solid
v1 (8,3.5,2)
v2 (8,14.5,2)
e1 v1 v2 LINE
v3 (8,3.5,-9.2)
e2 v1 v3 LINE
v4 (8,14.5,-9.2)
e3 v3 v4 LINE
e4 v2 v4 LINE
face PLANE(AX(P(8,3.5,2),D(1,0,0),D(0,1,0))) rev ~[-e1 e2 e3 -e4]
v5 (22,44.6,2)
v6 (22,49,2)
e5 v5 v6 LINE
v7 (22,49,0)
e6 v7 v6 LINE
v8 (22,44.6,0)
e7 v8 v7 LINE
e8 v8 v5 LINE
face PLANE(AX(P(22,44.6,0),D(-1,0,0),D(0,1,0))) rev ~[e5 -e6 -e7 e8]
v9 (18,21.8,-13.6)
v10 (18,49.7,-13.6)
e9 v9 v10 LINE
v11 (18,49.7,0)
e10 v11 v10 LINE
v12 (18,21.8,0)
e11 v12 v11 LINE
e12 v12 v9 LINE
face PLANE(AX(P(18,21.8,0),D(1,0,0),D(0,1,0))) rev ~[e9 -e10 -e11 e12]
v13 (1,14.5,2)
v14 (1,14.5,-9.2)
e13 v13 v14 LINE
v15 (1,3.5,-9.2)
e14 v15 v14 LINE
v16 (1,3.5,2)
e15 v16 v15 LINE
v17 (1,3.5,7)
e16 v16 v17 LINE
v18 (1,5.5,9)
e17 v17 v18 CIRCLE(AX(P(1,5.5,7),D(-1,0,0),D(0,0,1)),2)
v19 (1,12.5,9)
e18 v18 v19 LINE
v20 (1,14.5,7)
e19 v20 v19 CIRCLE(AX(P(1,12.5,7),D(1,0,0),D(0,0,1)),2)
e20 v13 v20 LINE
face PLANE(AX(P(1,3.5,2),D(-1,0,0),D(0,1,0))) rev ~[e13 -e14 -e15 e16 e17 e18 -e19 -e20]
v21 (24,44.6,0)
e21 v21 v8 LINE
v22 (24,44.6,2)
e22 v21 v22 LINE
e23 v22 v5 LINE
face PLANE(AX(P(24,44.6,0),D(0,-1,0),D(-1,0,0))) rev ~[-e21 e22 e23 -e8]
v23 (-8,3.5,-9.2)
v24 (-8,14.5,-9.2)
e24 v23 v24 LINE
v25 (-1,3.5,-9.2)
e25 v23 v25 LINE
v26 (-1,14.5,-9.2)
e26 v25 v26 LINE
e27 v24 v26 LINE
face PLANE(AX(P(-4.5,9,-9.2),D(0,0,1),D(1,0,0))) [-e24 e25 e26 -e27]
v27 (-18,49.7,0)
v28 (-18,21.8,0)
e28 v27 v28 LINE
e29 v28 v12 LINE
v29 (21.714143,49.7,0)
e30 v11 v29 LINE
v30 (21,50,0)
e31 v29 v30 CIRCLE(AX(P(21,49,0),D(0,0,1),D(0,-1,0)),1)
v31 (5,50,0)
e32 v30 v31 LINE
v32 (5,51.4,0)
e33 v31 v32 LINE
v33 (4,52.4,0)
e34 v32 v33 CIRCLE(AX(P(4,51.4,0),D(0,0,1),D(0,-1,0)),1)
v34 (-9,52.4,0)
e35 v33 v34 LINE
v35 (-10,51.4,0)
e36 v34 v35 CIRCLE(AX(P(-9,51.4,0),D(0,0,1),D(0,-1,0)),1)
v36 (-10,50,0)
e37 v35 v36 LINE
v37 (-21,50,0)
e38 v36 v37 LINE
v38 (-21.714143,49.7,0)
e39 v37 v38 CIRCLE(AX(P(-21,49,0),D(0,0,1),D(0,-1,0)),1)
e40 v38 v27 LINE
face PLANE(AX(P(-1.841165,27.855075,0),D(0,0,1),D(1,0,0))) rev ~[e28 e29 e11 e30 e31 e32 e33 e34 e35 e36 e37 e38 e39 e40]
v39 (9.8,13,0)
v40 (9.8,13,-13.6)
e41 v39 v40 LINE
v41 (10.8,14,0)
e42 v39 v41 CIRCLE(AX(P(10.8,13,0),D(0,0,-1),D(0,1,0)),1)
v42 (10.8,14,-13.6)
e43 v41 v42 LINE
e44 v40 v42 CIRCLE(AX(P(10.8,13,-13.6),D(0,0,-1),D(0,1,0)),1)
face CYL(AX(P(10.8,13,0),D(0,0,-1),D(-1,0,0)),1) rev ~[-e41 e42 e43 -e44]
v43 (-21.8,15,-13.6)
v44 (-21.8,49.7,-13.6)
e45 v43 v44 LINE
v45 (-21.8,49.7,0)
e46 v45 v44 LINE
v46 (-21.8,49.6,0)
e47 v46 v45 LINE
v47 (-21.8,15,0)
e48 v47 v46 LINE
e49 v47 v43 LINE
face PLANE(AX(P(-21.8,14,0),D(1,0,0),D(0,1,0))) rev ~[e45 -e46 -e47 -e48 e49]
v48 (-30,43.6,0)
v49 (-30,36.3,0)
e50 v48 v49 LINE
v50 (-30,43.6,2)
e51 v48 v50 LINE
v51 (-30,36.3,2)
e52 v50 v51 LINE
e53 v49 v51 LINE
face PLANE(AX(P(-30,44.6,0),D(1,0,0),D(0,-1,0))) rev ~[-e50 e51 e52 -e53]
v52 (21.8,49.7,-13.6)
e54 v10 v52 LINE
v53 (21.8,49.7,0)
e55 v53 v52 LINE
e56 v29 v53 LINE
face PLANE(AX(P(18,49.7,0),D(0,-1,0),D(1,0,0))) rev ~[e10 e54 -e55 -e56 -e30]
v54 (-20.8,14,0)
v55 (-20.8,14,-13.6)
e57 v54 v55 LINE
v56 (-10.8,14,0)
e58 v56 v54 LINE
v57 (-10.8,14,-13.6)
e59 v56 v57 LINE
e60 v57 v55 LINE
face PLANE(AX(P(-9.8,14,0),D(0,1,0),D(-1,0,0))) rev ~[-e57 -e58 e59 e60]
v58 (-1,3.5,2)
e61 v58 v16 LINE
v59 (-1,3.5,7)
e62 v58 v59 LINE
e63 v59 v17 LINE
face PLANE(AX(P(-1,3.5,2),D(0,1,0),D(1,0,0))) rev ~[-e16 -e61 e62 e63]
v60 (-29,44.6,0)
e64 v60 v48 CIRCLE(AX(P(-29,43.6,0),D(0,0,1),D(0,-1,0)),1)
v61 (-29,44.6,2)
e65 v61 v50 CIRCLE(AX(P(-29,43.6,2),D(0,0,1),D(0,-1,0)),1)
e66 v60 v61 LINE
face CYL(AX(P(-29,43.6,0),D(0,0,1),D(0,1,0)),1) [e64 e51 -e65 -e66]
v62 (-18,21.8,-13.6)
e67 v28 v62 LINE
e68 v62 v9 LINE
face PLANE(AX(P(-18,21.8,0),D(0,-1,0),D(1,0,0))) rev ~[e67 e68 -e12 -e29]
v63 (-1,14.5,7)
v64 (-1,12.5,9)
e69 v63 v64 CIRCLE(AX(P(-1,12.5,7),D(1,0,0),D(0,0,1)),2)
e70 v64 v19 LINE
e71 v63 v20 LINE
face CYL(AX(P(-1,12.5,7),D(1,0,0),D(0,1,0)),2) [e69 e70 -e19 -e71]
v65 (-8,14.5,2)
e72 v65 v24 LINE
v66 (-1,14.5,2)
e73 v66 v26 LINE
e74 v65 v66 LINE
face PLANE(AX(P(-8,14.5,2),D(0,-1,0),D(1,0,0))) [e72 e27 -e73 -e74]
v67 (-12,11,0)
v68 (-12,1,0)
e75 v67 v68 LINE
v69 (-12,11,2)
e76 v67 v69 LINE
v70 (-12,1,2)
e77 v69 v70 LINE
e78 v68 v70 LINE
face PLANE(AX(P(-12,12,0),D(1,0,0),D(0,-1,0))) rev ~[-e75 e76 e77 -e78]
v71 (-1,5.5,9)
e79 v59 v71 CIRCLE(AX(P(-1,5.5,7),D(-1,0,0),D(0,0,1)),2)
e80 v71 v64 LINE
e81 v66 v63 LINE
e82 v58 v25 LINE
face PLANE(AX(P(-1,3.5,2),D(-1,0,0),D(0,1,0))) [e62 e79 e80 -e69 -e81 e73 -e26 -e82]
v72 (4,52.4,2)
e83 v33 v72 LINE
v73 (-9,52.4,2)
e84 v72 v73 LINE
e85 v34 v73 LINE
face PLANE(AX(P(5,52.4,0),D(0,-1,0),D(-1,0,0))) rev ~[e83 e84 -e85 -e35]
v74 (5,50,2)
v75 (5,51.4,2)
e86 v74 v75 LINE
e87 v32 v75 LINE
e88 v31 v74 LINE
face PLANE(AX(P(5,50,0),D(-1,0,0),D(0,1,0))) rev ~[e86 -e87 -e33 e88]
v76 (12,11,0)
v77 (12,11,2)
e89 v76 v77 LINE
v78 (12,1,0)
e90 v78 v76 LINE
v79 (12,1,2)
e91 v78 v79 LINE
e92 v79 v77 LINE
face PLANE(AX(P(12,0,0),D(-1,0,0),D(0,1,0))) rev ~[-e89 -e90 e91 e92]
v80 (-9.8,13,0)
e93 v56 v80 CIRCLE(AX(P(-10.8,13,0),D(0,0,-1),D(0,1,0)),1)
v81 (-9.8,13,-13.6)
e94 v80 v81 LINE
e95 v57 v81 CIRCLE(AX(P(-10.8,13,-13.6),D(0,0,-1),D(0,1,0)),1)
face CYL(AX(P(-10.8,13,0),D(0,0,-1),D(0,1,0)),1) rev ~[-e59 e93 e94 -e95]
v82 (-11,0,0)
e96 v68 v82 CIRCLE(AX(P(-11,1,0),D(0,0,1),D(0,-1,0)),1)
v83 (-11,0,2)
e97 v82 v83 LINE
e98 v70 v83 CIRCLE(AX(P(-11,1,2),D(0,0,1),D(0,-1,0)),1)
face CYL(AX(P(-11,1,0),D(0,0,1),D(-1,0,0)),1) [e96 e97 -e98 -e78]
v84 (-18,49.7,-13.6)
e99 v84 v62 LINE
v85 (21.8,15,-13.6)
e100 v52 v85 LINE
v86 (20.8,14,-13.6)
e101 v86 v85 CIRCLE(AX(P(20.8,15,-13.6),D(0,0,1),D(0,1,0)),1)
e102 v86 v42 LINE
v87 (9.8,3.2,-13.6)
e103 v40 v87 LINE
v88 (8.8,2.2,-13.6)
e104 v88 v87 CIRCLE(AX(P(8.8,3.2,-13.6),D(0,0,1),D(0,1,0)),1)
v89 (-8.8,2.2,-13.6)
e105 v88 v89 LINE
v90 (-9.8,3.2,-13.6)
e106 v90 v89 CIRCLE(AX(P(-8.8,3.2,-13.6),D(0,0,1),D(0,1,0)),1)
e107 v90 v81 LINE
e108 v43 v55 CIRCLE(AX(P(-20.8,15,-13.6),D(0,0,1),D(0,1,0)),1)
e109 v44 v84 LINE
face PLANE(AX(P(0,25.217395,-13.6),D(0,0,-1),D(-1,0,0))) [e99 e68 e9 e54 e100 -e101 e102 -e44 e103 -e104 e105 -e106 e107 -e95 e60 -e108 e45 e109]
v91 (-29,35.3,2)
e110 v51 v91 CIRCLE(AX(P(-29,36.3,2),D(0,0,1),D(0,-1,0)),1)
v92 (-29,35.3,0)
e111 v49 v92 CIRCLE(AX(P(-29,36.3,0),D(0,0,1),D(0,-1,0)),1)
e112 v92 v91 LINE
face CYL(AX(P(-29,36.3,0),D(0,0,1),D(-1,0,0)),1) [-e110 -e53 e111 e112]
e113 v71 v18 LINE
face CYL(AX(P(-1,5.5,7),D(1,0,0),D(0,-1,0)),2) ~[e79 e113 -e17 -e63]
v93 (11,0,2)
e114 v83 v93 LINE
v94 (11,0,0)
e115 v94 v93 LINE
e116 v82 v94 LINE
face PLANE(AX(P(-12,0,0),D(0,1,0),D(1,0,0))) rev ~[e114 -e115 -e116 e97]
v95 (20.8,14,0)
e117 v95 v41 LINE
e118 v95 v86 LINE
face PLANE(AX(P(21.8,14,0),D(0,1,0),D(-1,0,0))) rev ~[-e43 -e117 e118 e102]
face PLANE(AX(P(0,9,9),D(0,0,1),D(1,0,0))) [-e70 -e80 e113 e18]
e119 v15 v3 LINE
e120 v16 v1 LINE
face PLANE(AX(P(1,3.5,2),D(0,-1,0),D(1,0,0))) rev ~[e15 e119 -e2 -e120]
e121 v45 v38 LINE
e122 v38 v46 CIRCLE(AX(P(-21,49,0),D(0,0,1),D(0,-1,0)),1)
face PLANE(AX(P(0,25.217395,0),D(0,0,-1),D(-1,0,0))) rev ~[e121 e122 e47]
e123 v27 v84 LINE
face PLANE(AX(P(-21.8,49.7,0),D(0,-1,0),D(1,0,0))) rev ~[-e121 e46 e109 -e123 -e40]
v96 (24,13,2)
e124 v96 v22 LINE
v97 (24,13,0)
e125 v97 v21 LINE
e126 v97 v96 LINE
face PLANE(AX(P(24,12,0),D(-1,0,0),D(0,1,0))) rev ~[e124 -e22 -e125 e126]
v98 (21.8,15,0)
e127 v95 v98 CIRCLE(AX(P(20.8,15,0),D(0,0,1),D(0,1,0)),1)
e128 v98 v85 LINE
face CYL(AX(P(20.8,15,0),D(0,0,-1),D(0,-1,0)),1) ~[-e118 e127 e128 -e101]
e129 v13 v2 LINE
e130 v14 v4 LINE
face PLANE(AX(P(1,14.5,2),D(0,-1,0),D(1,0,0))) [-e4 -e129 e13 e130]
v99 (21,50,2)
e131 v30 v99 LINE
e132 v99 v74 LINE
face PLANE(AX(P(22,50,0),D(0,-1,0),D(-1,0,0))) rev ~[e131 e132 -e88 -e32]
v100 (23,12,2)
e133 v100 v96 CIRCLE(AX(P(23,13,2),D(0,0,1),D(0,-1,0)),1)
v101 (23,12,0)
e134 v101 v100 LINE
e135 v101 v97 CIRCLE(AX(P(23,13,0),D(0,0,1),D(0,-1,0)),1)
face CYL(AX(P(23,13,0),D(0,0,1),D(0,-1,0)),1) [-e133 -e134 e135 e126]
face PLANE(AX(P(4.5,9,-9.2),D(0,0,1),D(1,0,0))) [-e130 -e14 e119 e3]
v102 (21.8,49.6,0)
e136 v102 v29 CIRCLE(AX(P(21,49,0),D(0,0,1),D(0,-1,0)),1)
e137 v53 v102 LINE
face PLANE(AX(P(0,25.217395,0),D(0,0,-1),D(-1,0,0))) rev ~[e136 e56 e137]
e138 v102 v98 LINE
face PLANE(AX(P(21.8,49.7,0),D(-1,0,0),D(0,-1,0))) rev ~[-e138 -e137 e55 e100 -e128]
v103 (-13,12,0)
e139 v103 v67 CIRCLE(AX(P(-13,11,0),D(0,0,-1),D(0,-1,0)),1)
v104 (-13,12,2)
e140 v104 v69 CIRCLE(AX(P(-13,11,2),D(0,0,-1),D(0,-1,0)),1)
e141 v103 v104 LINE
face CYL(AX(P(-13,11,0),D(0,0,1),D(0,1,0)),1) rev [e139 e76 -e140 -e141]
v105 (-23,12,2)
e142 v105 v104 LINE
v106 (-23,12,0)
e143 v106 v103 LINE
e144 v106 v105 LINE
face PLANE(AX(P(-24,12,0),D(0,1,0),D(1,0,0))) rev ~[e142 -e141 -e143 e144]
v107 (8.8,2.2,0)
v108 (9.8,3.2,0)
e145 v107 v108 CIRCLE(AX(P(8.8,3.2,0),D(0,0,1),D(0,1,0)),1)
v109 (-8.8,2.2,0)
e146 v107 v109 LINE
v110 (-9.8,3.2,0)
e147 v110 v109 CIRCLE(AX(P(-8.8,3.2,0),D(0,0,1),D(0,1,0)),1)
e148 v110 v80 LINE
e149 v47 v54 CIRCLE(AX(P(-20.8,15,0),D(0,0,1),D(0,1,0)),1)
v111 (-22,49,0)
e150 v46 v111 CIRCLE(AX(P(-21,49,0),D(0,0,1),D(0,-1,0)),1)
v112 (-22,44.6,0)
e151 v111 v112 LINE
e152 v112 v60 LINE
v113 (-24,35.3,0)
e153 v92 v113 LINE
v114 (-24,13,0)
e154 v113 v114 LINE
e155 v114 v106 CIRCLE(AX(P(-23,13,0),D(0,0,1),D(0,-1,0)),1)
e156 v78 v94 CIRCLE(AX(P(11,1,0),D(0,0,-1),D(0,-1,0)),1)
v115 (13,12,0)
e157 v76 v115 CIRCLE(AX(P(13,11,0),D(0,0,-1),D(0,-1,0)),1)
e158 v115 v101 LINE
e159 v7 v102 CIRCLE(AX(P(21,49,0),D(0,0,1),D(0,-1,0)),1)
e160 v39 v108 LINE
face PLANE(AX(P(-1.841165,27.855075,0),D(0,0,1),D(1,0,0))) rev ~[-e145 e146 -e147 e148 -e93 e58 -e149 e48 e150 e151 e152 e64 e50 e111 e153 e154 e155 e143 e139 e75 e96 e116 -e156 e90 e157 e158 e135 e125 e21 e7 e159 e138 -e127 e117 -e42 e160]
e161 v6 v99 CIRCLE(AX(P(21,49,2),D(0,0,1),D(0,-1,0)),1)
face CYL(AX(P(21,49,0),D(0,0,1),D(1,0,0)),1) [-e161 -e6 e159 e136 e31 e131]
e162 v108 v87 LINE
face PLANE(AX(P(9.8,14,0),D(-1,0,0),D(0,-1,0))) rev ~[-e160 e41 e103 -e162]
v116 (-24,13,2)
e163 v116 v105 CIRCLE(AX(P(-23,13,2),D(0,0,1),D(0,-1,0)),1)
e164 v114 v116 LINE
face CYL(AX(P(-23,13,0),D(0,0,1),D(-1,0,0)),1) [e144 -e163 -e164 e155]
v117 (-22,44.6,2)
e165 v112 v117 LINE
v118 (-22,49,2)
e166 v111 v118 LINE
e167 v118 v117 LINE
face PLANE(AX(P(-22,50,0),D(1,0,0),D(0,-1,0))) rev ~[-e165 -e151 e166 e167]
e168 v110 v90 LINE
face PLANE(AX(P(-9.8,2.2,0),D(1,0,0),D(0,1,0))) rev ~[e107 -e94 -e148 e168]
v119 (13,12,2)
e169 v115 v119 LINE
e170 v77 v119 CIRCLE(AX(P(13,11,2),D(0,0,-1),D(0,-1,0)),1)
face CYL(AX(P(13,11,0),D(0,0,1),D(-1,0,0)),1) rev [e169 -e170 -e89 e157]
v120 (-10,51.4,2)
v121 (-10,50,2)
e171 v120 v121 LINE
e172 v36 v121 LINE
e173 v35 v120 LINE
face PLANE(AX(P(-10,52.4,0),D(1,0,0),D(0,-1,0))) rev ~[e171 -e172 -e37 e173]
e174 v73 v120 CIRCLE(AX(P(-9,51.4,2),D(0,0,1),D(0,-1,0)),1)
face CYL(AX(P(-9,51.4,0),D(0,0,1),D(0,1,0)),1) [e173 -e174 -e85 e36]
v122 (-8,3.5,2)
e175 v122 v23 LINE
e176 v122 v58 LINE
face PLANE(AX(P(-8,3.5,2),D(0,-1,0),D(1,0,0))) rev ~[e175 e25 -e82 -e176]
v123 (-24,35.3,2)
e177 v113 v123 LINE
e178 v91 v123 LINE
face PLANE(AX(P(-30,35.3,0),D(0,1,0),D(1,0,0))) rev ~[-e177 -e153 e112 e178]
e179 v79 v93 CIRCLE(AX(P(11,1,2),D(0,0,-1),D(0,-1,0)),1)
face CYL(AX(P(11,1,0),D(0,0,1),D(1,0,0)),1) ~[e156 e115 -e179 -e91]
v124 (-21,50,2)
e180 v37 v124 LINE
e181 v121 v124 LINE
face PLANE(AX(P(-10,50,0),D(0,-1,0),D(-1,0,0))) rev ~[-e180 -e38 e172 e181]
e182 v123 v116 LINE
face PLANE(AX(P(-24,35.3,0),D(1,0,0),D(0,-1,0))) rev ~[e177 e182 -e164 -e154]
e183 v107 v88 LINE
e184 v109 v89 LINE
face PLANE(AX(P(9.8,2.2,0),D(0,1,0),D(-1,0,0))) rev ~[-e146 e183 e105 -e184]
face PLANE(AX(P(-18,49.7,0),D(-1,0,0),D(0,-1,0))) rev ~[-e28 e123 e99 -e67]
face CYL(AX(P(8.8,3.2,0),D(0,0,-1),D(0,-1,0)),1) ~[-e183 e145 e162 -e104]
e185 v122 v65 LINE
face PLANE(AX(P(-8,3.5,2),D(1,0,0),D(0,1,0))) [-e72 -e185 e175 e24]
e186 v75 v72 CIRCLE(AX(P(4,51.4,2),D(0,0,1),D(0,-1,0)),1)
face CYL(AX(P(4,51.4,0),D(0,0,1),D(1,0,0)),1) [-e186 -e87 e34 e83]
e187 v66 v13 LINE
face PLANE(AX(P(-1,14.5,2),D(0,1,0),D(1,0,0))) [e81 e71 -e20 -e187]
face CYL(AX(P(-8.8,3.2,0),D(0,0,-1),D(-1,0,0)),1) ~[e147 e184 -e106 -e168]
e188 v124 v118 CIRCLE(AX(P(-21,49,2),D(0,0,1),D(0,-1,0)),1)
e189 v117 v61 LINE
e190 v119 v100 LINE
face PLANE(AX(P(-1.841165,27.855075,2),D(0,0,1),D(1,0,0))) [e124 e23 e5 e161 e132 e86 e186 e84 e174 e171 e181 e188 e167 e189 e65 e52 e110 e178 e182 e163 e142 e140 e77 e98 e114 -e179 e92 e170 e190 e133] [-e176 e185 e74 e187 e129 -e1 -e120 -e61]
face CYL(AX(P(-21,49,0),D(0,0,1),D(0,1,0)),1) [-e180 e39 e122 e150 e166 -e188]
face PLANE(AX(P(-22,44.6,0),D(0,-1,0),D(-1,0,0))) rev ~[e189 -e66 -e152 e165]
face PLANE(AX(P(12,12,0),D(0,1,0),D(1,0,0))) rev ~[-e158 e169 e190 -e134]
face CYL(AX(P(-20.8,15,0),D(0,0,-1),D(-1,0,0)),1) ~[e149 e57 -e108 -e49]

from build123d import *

# Parameters (mm, degrees)
BOSS_EXTRUDE1_DEPTH = 2
FILLET1_R           = 1
BOSS_EXTRUDE2_DEPTH = 13.6
SKETCH4_W           = 7
SKETCH4_H           = 11
CUT_EXTRUDE1_DEPTH  = 11.2
SKETCH5_W           = 2
SKETCH5_H           = 11
BOSS_EXTRUDE3_DEPTH = 7
FILLET2_R           = 2
FILLET3_R           = 1


with BuildPart() as part:
    # Sketch1 → Boss-Extrude1 (new body)
    with BuildSketch(Plane.XY):
        Polygon((0, 0), (12, 0), (12, 12), (24, 12), (24, 44.6), (22, 44.6), (22, 50), (5, 50), (5, 52.4), (-10, 52.4), (-10, 50), (-22, 50), (-22, 44.6), (-30, 44.6), (-30, 35.3), (-24, 35.3), (-24, 12), (-12, 12), (-12, 0), align=None)
    extrude(amount=BOSS_EXTRUDE1_DEPTH)

    # Fillet1
    fillet1_edges = [part.edges().sort_by_distance(p)[0] for p in [
        (-12, 0, 1),
        (-12, 12, 1),
        (-24, 12, 1),
        (-30, 35.3, 1),
        (-30, 44.6, 1),
        (-22, 50, 1),
        (-10, 52.4, 1),
        (5, 52.4, 1),
        (22, 50, 1),
        (24, 12, 1),
        (12, 12, 1),
        (12, 0, 1),
    ]]
    fillet(fillet1_edges, radius=FILLET1_R)

    # Sketch3 → Boss-Extrude2 (add)
    with BuildSketch(Plane(origin=(0, 0, 0), x_dir=(-1, 0, 0), z_dir=(0, 0, -1))):
        Polygon((-21.8, 49.7), (-21.8, 14), (-9.8, 14), (-9.8, 2.2), (9.8, 2.2), (9.8, 14), (21.8, 14), (21.8, 49.7), (18, 49.7), (18, 21.8), (-18, 21.8), (-18, 49.7), align=None)
    extrude(amount=BOSS_EXTRUDE2_DEPTH)

    # Sketch4 → Cut-Extrude1 (cut)
    with BuildSketch(Plane.XY.offset(2)):
        with Locations((4.5, 9)):
            Rectangle(SKETCH4_W, SKETCH4_H)
        with Locations((-4.5, 9)):
            Rectangle(SKETCH4_W, SKETCH4_H)
    extrude(amount=-CUT_EXTRUDE1_DEPTH, mode=Mode.SUBTRACT)

    # Sketch5 → Boss-Extrude3 (add)
    with BuildSketch(Plane.XY.offset(2)):
        with Locations((0, 9)):
            Rectangle(SKETCH5_W, SKETCH5_H)
    extrude(amount=BOSS_EXTRUDE3_DEPTH)

    # Fillet2
    fillet2_edges = [part.edges().sort_by_distance(p)[0] for p in [
        (0, 14.5, 9),
        (0, 3.5, 9),
    ]]
    fillet(fillet2_edges, radius=FILLET2_R)

    # Fillet3
    fillet3_edges = [part.edges().sort_by_distance(p)[0] for p in [
        (21.8, 14, -6.8),
        (9.8, 14, -6.8),
        (9.8, 2.2, -6.8),
        (-9.8, 2.2, -6.8),
        (-9.8, 14, -6.8),
        (-21.8, 14, -6.8),
    ]]
    fillet(fillet3_edges, radius=FILLET3_R)


solid = part.part
